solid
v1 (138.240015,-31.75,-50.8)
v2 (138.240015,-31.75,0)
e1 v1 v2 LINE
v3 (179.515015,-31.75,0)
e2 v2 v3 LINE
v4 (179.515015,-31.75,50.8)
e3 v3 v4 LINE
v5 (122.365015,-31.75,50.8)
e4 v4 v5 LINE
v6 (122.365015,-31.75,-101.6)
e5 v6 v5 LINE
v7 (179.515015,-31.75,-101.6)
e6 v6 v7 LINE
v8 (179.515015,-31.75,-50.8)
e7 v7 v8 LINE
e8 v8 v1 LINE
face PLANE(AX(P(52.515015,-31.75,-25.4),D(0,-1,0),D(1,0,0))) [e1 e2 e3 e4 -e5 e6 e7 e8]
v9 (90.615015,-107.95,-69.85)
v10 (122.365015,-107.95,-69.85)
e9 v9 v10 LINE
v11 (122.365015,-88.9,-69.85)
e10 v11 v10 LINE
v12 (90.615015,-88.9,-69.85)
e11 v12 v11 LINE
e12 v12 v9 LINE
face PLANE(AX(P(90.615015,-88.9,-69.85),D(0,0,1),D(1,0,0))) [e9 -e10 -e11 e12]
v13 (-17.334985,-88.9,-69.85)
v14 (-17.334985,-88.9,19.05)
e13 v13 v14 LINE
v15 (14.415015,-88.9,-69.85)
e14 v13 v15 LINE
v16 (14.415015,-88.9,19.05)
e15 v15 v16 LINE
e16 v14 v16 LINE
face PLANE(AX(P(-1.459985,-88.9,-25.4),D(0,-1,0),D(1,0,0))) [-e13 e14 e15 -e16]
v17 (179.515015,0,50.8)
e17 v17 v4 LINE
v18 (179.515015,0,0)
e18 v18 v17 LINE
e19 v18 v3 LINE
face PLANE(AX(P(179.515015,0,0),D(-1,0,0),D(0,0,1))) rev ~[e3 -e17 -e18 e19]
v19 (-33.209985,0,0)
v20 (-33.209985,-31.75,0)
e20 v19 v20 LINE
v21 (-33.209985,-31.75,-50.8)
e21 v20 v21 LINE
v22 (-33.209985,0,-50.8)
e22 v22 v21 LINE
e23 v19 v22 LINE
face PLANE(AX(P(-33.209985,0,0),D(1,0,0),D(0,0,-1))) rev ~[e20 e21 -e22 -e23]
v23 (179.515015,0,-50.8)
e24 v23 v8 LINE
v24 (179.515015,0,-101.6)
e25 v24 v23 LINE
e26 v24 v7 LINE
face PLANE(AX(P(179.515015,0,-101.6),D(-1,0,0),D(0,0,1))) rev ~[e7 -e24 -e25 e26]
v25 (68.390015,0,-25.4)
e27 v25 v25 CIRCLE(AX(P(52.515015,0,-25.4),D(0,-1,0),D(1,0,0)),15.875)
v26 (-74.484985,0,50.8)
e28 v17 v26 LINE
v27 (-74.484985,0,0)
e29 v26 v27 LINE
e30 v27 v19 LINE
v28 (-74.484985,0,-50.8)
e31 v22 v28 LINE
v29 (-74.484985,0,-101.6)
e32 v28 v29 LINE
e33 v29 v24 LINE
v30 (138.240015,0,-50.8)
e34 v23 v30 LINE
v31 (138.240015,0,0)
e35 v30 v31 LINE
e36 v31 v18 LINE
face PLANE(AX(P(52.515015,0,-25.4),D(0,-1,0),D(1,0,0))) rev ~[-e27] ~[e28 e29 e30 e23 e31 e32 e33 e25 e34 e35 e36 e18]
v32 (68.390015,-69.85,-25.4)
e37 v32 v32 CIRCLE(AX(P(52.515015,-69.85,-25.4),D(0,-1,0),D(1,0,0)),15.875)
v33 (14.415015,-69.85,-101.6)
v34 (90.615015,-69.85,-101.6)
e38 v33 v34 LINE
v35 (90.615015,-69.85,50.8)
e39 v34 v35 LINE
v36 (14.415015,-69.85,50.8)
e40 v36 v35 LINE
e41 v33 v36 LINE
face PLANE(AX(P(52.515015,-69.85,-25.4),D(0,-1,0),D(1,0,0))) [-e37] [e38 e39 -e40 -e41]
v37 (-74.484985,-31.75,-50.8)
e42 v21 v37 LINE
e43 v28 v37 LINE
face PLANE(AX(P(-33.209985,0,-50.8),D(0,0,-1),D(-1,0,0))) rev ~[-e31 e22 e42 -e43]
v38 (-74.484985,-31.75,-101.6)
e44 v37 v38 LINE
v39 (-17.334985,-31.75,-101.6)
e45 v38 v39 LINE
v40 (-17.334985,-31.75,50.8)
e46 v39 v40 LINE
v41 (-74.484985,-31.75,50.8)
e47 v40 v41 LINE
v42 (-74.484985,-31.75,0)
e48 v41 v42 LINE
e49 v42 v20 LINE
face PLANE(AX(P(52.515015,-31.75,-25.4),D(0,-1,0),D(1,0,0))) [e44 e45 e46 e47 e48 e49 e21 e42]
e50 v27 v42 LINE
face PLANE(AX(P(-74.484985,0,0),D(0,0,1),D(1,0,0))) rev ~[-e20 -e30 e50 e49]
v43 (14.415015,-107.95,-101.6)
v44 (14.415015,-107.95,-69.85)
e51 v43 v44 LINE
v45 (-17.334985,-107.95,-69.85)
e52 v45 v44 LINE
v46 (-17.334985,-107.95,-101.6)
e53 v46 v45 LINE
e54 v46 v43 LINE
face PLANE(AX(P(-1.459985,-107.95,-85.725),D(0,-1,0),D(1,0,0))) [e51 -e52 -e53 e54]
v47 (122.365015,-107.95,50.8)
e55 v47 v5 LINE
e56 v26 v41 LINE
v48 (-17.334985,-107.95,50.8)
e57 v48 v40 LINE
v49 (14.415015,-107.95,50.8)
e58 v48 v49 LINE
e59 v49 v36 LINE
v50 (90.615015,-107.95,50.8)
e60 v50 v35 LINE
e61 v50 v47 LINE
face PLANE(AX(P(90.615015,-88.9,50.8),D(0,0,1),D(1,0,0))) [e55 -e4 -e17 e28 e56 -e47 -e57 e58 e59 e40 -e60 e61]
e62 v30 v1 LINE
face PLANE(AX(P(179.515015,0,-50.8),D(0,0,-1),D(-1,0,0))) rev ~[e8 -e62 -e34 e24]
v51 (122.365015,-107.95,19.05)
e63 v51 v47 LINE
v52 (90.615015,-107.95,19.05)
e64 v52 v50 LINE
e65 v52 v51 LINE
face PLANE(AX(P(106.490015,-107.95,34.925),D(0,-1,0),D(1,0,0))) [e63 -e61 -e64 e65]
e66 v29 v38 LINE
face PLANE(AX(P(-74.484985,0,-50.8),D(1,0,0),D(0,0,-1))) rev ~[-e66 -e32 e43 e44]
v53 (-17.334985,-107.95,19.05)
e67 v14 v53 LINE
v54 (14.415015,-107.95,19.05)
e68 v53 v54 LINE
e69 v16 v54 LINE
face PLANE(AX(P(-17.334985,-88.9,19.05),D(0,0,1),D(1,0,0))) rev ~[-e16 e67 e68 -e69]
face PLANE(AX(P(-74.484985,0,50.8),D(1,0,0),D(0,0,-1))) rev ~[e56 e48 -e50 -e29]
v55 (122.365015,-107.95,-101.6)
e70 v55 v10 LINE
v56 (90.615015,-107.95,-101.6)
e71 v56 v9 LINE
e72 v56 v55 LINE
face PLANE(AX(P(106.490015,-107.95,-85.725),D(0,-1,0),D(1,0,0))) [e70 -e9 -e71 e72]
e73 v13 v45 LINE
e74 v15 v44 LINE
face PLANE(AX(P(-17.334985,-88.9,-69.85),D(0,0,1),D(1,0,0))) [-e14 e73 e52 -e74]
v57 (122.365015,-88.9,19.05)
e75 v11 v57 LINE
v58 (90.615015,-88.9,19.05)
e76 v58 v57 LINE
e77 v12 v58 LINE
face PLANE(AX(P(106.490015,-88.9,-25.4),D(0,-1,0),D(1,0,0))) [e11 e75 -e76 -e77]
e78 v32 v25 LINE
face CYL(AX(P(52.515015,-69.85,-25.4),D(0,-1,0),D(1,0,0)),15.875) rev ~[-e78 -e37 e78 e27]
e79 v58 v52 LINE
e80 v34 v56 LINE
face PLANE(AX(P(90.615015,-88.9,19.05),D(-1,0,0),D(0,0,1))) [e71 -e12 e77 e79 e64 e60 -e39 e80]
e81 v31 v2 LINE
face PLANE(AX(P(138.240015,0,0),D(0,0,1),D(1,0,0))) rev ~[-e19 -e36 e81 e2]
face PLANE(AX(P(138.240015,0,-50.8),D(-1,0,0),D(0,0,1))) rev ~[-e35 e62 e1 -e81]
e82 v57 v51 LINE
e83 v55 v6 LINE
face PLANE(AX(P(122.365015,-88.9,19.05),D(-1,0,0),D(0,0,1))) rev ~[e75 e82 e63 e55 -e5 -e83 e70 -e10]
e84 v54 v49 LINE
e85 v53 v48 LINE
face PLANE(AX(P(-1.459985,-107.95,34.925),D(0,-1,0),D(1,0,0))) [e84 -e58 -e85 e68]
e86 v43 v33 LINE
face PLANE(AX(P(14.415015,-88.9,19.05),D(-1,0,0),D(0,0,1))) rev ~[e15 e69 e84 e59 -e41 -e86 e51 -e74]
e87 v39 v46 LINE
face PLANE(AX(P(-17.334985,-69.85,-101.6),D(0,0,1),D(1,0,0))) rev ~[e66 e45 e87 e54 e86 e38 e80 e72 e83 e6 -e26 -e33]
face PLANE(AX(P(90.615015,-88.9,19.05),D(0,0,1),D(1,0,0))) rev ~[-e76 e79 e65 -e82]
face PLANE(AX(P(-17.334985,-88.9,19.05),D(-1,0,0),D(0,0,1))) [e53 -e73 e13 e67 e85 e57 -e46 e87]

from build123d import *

# Parameters (mm, degrees)
F1_DEPTH  = 31.75
F2_W      = 139.7
F2_H      = 152.4
F3_DEPTH  = 38.1
F4_W      = 31.75
F4_H      = 152.4
F5_DEPTH  = 19.05
F4_R      = 15.875
F6_DEPTH  = 69.851
F7_W      = 31.75
F7_H      = 31.75
F8_DEPTH  = 19.05
F9_W      = 31.75
F9_H      = 31.75
F10_DEPTH = 19.05


with BuildPart() as f1:
    # F0 (on Front) → F1 (new body)
    with BuildSketch(Plane.XZ):
        Polygon((179.5150149531, 50.8), (-74.4849850469, 50.8), (-74.4849850469, 0), (-33.2099850469, 0), (-33.2099850469, -50.8), (-74.4849850469, -50.8), (-74.4849850469, -101.6), (179.5150149531, -101.6), (179.5150149531, -50.8), (138.2400149531, -50.8), (138.2400149531, 0), (179.5150149531, 0), align=None)
    extrude(amount=F1_DEPTH)

    # F2 (on face) → F3 (join)
    with BuildSketch(Plane.XZ.offset(31.75)):
        with Locations((52.5150149531, -25.4)):
            Rectangle(F2_W, F2_H)
    extrude(amount=F3_DEPTH)

    # F4 (on face) → F5 (join)
    with BuildSketch(Plane.XZ.offset(69.85)):
        with Locations((-1.4599850469, -25.4)):
            Rectangle(F4_W, F4_H)
        with Locations((106.4900149531, -25.4)):
            Rectangle(F4_W, F4_H)
    extrude(amount=F5_DEPTH)

    # F4 (on face) → F6 (cut, through all)
    with BuildSketch(Plane.XZ.offset(69.85)):
        with Locations((52.5150149531, -25.4)):
            Circle(F4_R)
    extrude(amount=-F6_DEPTH, mode=Mode.SUBTRACT)

    # F7 (on face) → F8 (join)
    with BuildSketch(Plane.XZ.offset(88.9)):
        with Locations((-1.4599850469, 34.925)):
            Rectangle(F7_W, F7_H)
        with Locations((-1.4599850469, -85.725)):
            Rectangle(F7_W, F7_H)
    extrude(amount=F8_DEPTH)

    # F9 (on face) → F10 (join)
    with BuildSketch(Plane.XZ.offset(88.9)):
        with Locations((106.4900149531, 34.925)):
            Rectangle(F9_W, F9_H)
        with Locations((106.4900149531, -85.725)):
            Rectangle(F9_W, F9_H)
    extrude(amount=F10_DEPTH)


solid = f1.part
